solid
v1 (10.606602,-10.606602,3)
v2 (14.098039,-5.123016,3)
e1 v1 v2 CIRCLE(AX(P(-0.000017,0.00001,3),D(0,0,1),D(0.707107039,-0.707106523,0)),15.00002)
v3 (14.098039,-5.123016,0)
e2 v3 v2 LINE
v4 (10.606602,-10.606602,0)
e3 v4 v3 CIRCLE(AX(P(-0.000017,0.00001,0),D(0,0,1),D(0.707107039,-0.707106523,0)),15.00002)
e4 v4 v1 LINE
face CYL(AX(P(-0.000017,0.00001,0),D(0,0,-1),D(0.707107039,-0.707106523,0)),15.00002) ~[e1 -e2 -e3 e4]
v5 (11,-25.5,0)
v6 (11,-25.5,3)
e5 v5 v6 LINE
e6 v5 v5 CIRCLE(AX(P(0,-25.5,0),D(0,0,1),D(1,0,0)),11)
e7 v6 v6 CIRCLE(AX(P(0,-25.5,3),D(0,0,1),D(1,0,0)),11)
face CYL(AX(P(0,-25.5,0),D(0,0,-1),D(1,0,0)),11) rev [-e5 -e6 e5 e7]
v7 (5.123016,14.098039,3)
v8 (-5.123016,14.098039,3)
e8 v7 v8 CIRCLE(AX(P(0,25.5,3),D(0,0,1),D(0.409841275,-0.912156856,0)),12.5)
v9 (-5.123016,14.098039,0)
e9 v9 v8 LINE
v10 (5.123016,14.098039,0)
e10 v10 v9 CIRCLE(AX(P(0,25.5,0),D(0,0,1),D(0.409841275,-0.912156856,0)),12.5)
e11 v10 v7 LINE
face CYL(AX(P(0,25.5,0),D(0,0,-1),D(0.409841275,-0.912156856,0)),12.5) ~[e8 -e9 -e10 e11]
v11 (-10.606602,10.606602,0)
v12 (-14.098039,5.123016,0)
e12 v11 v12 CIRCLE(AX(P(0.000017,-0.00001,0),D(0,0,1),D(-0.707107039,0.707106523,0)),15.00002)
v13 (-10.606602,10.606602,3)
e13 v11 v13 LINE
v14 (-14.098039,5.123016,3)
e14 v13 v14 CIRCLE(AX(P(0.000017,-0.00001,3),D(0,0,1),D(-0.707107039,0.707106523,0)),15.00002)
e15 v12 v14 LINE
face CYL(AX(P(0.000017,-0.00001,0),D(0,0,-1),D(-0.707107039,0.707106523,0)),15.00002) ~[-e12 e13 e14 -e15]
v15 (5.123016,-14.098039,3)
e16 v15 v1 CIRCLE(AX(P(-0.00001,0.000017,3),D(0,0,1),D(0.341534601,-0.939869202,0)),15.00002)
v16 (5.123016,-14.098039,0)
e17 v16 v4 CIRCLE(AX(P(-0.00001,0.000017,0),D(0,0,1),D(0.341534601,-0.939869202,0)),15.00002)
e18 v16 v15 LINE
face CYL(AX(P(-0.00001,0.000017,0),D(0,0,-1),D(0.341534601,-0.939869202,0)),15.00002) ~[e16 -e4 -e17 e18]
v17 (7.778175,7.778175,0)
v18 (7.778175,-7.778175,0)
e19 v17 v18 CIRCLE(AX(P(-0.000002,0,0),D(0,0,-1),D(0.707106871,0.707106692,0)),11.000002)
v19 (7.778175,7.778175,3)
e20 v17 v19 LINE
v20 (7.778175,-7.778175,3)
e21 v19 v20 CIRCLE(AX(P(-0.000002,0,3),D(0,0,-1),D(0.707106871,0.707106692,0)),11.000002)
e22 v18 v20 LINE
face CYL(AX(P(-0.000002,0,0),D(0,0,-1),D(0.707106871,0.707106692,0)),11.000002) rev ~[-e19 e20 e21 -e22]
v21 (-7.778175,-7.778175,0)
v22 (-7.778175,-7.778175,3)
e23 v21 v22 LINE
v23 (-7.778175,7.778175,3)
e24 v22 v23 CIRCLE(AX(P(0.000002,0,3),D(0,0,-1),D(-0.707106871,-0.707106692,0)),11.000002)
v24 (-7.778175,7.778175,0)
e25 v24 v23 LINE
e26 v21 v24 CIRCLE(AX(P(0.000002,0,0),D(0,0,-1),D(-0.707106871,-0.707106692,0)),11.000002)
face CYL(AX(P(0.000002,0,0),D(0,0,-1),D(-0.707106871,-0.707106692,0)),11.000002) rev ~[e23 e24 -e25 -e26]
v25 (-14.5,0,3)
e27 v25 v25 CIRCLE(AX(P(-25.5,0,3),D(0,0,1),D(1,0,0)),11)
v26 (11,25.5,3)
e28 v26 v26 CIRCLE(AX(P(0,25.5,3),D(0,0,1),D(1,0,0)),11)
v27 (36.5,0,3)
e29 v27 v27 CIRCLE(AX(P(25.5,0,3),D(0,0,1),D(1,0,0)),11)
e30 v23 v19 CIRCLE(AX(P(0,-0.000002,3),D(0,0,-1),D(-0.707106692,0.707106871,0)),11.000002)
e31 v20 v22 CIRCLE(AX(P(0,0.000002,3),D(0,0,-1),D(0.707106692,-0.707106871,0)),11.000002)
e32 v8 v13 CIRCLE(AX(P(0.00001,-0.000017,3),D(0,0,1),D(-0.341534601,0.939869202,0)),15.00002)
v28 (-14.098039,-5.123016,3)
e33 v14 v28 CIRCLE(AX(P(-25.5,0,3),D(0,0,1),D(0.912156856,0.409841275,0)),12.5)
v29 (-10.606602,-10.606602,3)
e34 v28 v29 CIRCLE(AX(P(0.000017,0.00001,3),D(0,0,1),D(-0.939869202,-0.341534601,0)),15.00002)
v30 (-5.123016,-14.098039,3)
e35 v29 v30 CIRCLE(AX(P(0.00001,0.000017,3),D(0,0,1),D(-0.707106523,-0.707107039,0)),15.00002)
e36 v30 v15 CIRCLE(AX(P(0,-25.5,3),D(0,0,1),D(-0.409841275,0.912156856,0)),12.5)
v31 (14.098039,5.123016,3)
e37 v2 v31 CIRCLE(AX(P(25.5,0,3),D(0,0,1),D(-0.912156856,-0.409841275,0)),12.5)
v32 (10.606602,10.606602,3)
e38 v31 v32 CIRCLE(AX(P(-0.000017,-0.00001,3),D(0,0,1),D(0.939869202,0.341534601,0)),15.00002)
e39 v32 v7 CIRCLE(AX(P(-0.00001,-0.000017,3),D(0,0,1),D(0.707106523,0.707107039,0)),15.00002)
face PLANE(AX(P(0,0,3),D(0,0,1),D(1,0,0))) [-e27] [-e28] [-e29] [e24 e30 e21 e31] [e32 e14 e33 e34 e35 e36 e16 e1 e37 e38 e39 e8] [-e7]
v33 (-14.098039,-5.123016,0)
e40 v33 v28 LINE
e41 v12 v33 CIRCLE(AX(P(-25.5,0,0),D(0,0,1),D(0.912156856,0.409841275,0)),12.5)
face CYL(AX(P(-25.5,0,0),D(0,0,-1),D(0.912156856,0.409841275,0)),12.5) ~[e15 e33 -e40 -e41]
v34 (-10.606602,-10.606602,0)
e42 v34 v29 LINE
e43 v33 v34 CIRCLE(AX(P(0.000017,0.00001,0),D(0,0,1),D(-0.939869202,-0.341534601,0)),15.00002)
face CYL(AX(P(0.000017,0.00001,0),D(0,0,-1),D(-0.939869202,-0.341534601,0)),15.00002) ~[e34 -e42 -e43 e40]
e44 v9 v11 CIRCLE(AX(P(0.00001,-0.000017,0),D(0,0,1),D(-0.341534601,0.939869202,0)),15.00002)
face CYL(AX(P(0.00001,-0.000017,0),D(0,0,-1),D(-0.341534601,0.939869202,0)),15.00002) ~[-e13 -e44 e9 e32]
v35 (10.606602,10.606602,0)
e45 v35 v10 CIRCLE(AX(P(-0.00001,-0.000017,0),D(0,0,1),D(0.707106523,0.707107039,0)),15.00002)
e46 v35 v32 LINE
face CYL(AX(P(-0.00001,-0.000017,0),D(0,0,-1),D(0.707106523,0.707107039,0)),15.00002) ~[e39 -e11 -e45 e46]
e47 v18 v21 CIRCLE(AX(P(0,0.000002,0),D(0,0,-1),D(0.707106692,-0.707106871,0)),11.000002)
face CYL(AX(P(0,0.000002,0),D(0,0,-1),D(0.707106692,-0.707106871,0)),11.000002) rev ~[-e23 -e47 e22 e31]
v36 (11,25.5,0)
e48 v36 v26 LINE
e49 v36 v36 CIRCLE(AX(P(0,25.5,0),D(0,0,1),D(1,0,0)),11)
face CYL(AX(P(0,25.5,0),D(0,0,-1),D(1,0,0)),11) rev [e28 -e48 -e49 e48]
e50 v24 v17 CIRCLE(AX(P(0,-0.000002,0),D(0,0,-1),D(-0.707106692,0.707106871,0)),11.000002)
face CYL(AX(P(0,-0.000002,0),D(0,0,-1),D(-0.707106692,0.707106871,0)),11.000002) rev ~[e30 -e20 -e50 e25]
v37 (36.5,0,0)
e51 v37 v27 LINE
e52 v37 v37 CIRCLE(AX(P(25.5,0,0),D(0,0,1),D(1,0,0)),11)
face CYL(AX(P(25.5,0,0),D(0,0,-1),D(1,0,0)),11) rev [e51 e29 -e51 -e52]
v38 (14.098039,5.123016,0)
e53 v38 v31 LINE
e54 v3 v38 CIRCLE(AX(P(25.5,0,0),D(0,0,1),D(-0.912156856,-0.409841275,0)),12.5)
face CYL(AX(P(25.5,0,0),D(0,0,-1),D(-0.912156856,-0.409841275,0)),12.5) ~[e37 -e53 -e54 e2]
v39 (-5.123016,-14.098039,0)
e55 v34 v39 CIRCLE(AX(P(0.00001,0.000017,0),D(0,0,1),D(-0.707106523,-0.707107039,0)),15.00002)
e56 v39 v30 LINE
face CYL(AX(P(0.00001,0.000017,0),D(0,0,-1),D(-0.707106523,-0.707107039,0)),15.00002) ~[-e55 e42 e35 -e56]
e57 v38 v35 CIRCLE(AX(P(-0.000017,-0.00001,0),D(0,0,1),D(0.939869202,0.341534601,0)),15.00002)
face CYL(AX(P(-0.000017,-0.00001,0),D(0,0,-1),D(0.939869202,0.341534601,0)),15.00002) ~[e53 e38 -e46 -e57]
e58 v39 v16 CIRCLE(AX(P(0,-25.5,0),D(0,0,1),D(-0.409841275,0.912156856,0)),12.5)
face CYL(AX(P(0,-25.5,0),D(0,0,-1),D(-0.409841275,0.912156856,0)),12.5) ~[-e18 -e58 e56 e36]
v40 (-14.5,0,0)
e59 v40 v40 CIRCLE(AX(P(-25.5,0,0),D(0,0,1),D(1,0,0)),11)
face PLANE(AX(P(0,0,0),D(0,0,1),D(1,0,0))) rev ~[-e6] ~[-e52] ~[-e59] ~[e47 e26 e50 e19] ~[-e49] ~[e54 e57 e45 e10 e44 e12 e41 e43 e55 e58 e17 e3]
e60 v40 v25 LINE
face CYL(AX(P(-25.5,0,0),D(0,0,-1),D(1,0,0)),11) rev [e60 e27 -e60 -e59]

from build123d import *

# Parameters (mm, degrees)
F0_R     = 11
F1_DEPTH = 3


with BuildPart() as f1:
    # F0 (on Top) → F1 (new body)
    with BuildSketch(Plane.XY):
        with BuildLine():
            ThreePointArc((5.123016, 14.098039), (0, 38), (-5.123016, 14.098039))
            ThreePointArc((-5.123016, 14.098039), (-8.056224, 12.652954), (-10.606602, 10.606602))
            ThreePointArc((-10.606602, 10.606602), (-12.652954, 8.056224), (-14.098039, 5.123016))
            ThreePointArc((-14.098039, 5.123016), (-38, 0), (-14.098039, -5.123016))
            ThreePointArc((-14.098039, -5.123016), (-12.652954, -8.056224), (-10.606602, -10.606602))
            ThreePointArc((-10.606602, -10.606602), (-8.056224, -12.652954), (-5.123016, -14.098039))
            ThreePointArc((-5.123016, -14.098039), (0, -38), (5.123016, -14.098039))
            ThreePointArc((5.123016, -14.098039), (8.056224, -12.652954), (10.606602, -10.606602))
            ThreePointArc((10.606602, -10.606602), (12.652954, -8.056224), (14.098039, -5.123016))
            ThreePointArc((14.098039, -5.123016), (38, 0), (14.098039, 5.123016))
            ThreePointArc((14.098039, 5.123016), (12.652954, 8.056224), (10.606602, 10.606602))
            ThreePointArc((10.606602, 10.606602), (8.056224, 12.652954), (5.123016, 14.098039))
        make_face()
        with Locations((0, -25.5)):
            Circle(F0_R, mode=Mode.SUBTRACT)
        with Locations((-25.5, 0)):
            Circle(F0_R, mode=Mode.SUBTRACT)
        with BuildLine():
            ThreePointArc((-7.778175, 7.778175), (0, 11), (7.778175, 7.778175))
            ThreePointArc((7.778175, 7.778175), (11, 0), (7.778175, -7.778175))
            ThreePointArc((7.778175, -7.778175), (0, -11), (-7.778175, -7.778175))
            ThreePointArc((-7.778175, -7.778175), (-11, 0), (-7.778175, 7.778175))
        make_face(mode=Mode.SUBTRACT)
        with Locations((25.5, 0)):
            Circle(F0_R, mode=Mode.SUBTRACT)
        with Locations((0, 25.5)):
            Circle(F0_R, mode=Mode.SUBTRACT)
    extrude(amount=F1_DEPTH)


solid = f1.part
